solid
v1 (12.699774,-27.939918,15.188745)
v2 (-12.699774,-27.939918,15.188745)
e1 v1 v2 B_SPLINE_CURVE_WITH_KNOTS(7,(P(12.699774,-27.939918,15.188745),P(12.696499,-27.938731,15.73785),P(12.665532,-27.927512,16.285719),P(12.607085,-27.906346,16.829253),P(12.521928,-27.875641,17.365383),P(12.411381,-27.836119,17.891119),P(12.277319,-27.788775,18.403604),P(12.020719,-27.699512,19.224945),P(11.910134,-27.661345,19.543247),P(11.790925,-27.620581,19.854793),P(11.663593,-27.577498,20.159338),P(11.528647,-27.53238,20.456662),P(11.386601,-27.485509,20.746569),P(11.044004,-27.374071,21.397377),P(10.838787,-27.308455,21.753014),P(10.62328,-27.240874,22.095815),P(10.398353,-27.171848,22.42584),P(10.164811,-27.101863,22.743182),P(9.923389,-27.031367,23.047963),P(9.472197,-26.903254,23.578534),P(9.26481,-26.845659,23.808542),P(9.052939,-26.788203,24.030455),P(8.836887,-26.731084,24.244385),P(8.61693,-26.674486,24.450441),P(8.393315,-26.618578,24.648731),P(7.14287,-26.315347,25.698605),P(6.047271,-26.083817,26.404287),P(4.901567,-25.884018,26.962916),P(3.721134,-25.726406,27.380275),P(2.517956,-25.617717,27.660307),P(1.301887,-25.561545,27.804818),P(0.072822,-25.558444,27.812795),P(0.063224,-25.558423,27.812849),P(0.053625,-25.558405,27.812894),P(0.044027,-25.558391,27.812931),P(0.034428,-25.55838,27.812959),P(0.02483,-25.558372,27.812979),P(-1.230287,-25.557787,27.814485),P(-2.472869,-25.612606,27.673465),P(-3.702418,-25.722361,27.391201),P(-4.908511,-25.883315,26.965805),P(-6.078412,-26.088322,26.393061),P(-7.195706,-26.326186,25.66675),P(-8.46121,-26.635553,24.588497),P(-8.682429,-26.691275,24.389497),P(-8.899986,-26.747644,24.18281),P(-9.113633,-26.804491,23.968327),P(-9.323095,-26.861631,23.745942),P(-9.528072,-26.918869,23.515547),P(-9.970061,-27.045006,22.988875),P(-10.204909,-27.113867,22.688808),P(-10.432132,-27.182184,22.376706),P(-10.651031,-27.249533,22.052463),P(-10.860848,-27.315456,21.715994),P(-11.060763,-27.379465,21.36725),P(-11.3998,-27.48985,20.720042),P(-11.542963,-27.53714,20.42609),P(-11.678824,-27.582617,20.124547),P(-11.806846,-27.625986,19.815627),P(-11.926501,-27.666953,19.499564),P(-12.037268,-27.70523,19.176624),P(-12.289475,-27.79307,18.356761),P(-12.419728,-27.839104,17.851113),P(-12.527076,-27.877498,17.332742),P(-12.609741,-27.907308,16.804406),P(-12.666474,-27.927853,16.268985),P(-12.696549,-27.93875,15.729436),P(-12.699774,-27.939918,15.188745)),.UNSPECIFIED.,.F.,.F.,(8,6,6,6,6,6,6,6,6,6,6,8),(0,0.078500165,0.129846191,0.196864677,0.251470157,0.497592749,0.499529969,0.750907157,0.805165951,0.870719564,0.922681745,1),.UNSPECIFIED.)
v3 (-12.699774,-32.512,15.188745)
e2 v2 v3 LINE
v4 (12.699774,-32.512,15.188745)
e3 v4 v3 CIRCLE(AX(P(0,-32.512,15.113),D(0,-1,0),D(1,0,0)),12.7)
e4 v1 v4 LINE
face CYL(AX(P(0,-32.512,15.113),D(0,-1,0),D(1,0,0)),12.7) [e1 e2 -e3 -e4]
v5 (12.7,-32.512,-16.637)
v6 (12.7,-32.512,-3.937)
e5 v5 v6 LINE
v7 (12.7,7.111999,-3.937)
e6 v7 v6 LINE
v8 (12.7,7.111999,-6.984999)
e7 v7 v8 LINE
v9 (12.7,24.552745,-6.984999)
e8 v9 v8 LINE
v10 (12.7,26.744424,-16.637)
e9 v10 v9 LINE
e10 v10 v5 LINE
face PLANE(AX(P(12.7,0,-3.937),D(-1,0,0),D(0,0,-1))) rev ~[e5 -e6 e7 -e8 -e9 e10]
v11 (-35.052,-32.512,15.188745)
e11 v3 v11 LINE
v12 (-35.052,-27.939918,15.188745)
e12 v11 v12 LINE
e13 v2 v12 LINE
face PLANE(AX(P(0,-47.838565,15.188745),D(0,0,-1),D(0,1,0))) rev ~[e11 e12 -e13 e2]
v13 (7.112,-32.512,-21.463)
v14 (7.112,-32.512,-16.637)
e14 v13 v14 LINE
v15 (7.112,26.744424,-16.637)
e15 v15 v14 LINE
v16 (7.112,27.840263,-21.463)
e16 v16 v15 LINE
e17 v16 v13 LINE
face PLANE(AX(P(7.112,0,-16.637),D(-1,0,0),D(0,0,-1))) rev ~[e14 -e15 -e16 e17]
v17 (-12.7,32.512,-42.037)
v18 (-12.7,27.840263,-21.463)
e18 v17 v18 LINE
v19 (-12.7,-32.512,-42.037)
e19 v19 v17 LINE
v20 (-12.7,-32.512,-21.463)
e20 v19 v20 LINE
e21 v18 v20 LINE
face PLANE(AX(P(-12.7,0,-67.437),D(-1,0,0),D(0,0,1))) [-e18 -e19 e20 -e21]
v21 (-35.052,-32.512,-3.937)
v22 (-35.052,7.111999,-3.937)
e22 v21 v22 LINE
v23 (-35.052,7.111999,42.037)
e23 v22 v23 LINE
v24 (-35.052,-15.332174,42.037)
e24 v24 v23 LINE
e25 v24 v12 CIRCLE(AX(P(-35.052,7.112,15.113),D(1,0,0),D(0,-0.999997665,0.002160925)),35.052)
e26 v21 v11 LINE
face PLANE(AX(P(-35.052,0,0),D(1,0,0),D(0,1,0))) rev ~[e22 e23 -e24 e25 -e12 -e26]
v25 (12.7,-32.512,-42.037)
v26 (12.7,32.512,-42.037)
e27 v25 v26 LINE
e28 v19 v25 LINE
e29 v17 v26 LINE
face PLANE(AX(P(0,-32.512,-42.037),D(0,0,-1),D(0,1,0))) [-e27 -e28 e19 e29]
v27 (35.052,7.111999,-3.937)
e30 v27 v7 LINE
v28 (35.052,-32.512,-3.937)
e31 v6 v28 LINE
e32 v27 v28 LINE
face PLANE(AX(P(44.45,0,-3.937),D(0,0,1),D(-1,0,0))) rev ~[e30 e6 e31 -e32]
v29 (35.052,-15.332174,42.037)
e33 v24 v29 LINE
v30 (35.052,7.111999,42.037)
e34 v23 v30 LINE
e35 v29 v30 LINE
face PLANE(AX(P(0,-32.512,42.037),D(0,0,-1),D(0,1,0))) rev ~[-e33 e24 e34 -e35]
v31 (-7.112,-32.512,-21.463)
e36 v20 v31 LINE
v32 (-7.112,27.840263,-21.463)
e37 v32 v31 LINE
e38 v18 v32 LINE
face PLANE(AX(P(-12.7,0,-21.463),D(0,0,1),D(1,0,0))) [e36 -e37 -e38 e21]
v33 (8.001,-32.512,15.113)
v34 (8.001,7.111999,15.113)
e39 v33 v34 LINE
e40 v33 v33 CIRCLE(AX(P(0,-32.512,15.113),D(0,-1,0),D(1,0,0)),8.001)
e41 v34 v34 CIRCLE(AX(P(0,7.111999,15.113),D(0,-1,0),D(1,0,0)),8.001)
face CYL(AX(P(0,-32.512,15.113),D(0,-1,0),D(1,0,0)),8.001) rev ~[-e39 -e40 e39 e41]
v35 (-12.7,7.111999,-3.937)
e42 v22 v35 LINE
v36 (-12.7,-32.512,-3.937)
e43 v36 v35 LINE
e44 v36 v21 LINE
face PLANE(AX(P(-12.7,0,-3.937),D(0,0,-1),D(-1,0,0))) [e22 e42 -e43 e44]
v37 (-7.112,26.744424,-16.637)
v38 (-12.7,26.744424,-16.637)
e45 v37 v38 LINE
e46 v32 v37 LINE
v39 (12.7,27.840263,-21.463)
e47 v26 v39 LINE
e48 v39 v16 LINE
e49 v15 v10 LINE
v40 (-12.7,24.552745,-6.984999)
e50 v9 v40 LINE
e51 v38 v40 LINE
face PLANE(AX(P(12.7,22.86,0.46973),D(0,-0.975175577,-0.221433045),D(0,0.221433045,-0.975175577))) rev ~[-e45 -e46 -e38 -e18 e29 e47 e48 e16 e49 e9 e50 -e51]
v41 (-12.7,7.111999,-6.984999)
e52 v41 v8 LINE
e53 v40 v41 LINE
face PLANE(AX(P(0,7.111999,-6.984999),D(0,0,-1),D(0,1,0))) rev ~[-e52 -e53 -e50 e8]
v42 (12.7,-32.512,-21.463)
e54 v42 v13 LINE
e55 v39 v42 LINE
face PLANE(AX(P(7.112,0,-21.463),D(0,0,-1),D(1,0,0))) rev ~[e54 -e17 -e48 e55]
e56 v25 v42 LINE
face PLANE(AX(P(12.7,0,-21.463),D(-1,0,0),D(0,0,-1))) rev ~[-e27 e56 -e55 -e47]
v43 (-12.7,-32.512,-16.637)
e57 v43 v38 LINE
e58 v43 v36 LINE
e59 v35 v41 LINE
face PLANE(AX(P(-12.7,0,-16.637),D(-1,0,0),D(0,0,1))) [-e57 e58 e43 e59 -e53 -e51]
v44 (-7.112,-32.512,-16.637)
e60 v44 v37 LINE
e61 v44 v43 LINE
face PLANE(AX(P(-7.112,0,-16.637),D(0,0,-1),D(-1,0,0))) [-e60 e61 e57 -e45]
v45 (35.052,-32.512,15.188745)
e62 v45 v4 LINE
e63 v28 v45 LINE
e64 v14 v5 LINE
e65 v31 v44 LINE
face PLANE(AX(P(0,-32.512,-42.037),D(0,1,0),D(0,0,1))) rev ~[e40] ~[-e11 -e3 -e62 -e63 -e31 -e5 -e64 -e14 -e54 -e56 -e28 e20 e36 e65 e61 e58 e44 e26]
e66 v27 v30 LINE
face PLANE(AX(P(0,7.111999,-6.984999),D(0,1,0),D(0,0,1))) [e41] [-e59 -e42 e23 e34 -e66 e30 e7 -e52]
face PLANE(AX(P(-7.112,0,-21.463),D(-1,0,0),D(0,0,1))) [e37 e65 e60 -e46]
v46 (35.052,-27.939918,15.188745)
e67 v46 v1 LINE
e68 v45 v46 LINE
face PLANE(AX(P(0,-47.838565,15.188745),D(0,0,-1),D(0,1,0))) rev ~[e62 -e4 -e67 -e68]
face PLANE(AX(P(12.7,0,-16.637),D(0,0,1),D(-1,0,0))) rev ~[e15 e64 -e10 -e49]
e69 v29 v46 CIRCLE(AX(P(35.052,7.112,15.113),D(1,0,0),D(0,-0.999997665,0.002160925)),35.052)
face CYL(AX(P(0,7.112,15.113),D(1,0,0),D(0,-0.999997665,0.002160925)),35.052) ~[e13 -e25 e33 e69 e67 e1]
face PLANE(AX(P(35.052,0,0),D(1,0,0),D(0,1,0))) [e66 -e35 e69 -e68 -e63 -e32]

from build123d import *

# Parameters (mm, degrees)
F0_W      = 65.024
F0_H      = 84.074
F1_DEPTH  = 35.052
F3_DEPTH  = 127
F4_W      = 72.461889
F4_H      = 59.973377
F5_DEPTH  = 127
F7_DEPTH  = 127
F9_DEPTH  = 127
F10_R     = 12.7
F11_DEPTH = 25.4
F12_R     = 8.001
F13_DEPTH = 65.025


with BuildPart() as f1:
    # F0 (on Right) → F1 (new body, symmetric)
    with BuildSketch(Plane.YZ):
        Rectangle(F0_W, F0_H)
    extrude(amount=F1_DEPTH, both=True)

    # F2 (on Front) → F3 (cut, symmetric)
    with BuildSketch(Plane.XZ):
        Polygon((-12.7, -3.937), (-44.45, -3.937), (-44.45, -67.437), (-12.7, -67.437), (-12.7, -21.463), (-7.112, -21.463), (-7.112, -16.637), (-12.7, -16.637), align=None)
        Polygon((44.45, -3.937), (12.7, -3.937), (12.7, -16.637), (7.112, -16.637), (7.112, -21.463), (12.7, -21.463), (12.7, -67.437), (44.45, -67.437), align=None)
    extrude(amount=F3_DEPTH, both=True, mode=Mode.SUBTRACT)

    # F4 (on Right) → F5 (cut, symmetric)
    with BuildSketch(Plane.YZ):
        with Locations((43.342944, 23.001689)):
            Rectangle(F4_W, F4_H)
    extrude(amount=F5_DEPTH, both=True, mode=Mode.SUBTRACT)

    # F6 (on face) → F7 (cut, symmetric)
    with BuildSketch(Plane.YZ.offset(12.7)):
        Polygon((22.86, 0.46973), (32.512, -42.037), (52.074212, -65.31479), (55.857351, 0.46973), align=None)
    extrude(amount=F7_DEPTH, both=True, mode=Mode.SUBTRACT)

    # F8 (on Right) → F9 (cut, symmetric)
    with BuildSketch(Plane.YZ):
        with BuildLine():
            ThreePointArc((-27.939918, 15.188745), (-17.613927, 39.957944), (7.20457, 50.164878))
            Line((7.20457, 50.164878), (-34.922153, 66.136815))
            Line((-34.922153, 66.136815), (-47.838565, 20.211793))
            Line((-47.838565, 20.211793), (-47.838565, 15.188745))
            Line((-47.838565, 15.188745), (-27.939918, 15.188745))
        make_face()
    extrude(amount=F9_DEPTH, both=True, mode=Mode.SUBTRACT)

    # F10 (on face) → F11 (join)
    with BuildSketch(Plane.XZ.offset(32.512)):
        with Locations((0, 15.113)):
            Circle(F10_R)
    extrude(amount=-F11_DEPTH)

    # F12 (on face) → F13 (cut, through all)
    with BuildSketch(Plane.XZ.offset(32.512)):
        with Locations((0, 15.113)):
            Circle(F12_R)
    extrude(amount=-F13_DEPTH, mode=Mode.SUBTRACT)


solid = f1.part
